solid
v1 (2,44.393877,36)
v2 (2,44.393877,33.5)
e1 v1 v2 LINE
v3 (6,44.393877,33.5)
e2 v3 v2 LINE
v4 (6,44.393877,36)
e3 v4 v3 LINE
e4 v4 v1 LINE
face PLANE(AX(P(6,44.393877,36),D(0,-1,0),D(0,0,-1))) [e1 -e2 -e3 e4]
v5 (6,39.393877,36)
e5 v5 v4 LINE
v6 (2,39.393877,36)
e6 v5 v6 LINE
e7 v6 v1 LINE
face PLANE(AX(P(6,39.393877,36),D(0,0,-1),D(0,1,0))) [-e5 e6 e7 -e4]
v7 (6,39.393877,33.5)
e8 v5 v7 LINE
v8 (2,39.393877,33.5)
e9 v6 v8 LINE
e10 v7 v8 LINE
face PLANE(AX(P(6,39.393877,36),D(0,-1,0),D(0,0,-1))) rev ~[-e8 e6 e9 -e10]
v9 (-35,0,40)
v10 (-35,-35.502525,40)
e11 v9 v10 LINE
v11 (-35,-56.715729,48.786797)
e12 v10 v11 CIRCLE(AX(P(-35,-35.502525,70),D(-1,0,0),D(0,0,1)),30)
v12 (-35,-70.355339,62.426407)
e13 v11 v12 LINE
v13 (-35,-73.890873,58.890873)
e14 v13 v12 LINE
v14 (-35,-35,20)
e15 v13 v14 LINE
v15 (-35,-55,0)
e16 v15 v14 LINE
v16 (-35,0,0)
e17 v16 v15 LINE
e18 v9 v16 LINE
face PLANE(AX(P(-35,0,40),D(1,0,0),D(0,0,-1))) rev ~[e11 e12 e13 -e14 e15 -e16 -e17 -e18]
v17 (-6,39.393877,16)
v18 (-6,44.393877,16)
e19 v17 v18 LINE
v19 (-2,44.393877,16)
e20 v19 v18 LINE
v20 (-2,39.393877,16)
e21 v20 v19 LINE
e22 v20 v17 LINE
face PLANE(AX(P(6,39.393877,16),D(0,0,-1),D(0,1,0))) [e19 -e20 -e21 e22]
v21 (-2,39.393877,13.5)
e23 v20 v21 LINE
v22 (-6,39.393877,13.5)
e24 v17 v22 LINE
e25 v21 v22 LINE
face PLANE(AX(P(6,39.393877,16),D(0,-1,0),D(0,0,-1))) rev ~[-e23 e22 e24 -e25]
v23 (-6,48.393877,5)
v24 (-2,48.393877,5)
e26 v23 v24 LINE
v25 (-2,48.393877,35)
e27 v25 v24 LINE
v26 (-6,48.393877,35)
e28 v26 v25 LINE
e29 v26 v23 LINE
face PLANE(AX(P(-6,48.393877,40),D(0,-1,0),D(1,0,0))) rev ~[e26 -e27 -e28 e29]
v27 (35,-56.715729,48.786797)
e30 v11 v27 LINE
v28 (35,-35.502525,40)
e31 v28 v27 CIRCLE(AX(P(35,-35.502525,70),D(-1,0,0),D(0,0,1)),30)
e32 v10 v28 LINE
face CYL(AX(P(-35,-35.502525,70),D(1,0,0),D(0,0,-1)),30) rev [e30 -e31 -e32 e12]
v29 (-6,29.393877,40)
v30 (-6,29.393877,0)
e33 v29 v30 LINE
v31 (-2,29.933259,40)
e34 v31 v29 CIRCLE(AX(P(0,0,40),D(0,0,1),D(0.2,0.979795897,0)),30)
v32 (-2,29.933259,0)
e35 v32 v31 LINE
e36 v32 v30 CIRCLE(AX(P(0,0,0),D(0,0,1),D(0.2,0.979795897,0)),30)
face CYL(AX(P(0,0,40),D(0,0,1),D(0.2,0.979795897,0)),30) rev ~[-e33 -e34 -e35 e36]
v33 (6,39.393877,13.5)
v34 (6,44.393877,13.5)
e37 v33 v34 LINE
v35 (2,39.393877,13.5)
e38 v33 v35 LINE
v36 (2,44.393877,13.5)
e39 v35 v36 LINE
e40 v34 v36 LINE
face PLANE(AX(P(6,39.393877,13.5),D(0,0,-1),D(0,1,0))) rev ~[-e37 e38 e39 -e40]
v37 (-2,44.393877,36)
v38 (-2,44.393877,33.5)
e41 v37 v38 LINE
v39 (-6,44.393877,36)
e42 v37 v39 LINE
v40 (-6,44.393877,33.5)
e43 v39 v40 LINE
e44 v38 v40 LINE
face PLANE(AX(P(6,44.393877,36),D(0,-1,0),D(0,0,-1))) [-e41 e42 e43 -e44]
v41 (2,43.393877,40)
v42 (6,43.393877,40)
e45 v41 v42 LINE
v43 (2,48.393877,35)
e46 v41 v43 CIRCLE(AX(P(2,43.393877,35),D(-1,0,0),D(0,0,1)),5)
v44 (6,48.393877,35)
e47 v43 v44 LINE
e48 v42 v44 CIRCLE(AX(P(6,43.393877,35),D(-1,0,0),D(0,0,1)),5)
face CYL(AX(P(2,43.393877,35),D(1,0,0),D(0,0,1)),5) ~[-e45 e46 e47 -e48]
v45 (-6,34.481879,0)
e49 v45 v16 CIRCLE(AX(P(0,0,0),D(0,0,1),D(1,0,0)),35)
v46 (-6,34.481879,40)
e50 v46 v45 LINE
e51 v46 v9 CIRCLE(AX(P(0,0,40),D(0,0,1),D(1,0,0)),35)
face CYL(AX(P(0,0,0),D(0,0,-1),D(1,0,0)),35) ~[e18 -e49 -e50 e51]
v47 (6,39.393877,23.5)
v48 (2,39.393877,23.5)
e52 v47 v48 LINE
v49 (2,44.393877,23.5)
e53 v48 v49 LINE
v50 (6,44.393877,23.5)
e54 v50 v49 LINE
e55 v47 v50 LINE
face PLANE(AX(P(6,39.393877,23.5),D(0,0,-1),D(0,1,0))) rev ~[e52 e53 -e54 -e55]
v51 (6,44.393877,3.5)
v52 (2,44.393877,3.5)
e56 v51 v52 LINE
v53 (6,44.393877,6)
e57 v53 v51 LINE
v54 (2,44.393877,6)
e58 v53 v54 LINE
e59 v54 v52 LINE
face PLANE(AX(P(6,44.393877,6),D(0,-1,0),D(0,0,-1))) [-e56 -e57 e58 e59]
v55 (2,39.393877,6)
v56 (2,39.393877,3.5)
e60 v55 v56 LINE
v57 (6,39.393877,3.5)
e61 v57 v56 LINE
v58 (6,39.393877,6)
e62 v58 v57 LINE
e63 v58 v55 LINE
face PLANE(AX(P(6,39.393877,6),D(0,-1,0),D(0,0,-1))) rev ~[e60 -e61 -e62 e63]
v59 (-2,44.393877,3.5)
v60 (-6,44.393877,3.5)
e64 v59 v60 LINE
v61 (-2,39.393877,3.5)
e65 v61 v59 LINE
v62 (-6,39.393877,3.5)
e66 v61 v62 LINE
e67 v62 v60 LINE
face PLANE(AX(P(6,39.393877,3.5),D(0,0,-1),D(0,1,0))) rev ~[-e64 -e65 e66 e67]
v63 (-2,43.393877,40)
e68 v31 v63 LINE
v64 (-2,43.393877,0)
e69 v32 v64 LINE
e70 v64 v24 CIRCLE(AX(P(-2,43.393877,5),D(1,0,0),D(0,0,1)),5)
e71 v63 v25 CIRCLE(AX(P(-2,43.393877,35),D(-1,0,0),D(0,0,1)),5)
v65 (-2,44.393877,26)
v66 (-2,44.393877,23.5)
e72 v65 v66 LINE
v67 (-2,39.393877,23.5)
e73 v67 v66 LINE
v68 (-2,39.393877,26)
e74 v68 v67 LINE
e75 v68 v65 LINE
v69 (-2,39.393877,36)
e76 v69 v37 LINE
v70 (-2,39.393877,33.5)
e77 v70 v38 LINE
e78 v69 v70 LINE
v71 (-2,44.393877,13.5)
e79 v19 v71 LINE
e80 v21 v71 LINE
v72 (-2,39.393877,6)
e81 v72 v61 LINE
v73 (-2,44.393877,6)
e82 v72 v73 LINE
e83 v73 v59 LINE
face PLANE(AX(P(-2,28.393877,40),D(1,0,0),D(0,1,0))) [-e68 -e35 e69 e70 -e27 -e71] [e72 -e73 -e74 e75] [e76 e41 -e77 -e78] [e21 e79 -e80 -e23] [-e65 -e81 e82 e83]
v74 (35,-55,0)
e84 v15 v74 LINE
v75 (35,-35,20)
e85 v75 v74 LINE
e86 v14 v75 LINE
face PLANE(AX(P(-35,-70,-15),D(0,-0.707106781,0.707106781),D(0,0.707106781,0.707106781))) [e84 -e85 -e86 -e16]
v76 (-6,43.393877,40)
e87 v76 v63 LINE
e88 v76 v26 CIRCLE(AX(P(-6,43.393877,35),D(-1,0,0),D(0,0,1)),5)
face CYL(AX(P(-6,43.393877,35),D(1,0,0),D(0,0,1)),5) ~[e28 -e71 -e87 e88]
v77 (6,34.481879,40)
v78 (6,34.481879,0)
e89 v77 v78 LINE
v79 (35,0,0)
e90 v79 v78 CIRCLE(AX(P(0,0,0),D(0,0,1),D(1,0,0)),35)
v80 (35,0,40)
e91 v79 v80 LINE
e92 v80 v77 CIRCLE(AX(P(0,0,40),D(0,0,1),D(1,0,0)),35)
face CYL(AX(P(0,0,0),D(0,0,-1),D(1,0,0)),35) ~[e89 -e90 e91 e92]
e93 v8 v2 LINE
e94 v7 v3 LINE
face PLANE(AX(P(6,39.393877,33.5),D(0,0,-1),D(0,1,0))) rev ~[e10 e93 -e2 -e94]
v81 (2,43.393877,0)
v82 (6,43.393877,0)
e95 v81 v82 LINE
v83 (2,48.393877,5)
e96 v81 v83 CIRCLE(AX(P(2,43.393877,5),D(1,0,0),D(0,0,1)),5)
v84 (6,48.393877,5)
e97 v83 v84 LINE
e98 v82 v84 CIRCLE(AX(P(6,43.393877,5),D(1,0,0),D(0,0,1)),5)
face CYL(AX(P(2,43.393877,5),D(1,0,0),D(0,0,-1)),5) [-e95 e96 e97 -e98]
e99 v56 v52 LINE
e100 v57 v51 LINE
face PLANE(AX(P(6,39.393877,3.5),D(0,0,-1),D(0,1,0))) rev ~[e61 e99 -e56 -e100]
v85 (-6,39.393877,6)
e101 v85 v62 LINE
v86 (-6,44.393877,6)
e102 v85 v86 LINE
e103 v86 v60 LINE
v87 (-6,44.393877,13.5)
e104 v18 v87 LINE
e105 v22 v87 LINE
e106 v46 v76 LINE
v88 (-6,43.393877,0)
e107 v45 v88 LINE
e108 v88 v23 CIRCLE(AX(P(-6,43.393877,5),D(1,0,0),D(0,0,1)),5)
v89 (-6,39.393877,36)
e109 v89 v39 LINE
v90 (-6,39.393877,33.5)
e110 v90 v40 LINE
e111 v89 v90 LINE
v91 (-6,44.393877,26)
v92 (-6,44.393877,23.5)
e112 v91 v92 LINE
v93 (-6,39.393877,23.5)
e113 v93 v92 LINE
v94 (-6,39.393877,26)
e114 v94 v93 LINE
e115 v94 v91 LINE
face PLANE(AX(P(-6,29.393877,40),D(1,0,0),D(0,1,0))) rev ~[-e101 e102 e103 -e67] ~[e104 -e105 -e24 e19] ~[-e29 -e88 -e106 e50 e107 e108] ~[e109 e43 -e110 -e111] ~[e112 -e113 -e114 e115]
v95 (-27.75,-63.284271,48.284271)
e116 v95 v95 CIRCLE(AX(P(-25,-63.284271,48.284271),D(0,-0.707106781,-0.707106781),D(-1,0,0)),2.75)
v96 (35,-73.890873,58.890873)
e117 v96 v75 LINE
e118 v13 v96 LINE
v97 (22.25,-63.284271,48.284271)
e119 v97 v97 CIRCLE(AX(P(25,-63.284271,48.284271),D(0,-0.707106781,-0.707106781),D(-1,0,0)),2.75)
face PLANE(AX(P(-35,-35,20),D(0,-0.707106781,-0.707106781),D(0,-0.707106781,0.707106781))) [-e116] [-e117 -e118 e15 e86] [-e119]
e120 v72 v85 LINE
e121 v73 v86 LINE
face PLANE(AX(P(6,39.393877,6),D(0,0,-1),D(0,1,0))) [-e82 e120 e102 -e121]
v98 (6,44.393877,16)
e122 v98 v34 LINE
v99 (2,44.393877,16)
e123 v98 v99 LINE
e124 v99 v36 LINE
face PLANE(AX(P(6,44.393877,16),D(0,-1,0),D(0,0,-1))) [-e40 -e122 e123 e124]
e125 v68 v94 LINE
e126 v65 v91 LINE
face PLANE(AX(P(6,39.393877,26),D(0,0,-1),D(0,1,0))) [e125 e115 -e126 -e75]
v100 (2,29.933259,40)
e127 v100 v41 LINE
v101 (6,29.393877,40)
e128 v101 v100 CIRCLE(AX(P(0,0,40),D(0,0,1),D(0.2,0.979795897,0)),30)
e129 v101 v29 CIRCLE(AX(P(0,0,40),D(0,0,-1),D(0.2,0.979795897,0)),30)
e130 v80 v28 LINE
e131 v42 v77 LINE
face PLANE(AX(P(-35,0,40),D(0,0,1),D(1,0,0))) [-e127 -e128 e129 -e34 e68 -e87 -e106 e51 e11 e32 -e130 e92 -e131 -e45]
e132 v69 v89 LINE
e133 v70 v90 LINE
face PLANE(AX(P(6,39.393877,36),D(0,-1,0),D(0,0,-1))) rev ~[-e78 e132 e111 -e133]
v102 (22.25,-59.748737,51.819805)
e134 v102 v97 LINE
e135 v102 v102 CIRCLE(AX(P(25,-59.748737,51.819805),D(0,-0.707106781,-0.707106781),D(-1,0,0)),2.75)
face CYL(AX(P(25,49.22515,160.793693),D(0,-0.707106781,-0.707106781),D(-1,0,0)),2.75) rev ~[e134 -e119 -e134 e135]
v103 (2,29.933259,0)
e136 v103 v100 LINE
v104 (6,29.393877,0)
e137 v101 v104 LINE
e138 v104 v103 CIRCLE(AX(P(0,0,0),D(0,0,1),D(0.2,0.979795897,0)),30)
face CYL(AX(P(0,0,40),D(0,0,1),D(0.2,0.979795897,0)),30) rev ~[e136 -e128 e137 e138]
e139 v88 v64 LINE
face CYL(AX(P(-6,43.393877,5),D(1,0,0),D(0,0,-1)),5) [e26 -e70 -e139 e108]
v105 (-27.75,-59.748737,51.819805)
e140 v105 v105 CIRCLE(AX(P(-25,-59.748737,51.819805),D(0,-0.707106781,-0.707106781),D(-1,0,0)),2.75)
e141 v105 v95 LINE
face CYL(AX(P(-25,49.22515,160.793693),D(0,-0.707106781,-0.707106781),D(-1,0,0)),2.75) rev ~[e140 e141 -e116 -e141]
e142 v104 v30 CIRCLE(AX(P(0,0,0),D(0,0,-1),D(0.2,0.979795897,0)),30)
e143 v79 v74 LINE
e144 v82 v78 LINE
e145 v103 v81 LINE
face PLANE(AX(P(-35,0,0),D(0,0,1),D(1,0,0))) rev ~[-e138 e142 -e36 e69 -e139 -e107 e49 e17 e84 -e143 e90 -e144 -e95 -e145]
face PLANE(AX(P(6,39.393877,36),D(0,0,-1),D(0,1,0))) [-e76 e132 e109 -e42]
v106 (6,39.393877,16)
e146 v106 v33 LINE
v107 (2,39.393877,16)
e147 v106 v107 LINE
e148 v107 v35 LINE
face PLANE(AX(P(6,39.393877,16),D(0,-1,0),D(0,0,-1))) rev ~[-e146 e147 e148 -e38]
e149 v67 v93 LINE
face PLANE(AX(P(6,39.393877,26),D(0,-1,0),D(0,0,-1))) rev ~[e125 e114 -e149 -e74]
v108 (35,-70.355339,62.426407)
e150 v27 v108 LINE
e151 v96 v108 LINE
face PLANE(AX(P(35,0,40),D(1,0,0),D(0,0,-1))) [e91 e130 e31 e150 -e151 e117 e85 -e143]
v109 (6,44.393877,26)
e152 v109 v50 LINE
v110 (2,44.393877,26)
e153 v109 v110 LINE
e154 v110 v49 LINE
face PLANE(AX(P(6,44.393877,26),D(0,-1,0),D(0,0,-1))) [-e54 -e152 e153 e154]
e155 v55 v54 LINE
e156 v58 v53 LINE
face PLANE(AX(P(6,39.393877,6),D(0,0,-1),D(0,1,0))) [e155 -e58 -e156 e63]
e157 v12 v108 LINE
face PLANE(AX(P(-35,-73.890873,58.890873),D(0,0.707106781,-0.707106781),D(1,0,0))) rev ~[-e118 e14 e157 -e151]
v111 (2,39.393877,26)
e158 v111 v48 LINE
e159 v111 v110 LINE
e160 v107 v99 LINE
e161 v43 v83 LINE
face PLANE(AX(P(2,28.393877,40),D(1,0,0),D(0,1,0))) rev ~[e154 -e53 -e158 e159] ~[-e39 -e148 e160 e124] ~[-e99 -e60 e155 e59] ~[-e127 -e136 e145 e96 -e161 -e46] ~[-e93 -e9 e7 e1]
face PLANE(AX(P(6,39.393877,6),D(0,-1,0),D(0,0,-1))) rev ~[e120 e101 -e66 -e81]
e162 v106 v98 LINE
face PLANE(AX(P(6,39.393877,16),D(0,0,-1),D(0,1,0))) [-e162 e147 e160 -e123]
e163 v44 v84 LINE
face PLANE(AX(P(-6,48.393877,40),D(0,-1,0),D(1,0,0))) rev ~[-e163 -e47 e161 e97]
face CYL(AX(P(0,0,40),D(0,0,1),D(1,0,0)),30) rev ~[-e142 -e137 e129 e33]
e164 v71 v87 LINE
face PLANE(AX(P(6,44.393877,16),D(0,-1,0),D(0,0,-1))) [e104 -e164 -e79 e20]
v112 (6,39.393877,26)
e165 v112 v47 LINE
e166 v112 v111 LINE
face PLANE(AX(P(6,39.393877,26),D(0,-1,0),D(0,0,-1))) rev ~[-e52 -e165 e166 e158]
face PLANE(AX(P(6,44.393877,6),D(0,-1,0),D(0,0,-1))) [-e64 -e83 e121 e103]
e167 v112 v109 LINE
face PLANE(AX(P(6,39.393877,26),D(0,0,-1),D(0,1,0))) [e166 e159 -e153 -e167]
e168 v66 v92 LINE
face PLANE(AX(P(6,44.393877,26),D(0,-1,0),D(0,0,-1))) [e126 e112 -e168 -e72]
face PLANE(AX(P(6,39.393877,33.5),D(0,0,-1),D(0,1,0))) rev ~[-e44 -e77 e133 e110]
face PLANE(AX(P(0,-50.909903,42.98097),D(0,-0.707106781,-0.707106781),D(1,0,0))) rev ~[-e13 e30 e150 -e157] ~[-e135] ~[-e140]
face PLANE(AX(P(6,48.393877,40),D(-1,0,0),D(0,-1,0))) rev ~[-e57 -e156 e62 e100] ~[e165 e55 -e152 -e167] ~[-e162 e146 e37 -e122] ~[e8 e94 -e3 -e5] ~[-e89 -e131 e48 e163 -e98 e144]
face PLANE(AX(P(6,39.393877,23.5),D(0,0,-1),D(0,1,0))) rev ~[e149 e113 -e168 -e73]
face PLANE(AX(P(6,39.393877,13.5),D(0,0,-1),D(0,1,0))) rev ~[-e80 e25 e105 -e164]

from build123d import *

# Parameters (mm, degrees)
ESQUISSE1_R                = 35
BOSS_EXTRU_1_DEPTH         = 40
ESQUISSE6_W                = 70
ESQUISSE6_H                = 40
BOSS_EXTRU_3_DEPTH         = 70
ESQUISSE2_R                = 30
ENL_V_MAT_EXTRU_1_DEPTH    = 40
BOSS_EXTRU_2_START         = 40
BOSS_EXTRU_2_DEPTH         = 40
ESQUISSE4_W                = 4
ESQUISSE4_H                = 20
ENL_V_MAT_EXTRU_2_DEPTH    = 40
ESQUISSE5_W                = 2.5
ESQUISSE5_H                = 5
ENL_V_MAT_EXTRU_3_DEPTH    = 91.44888059
R_P_TITION_LIN_AIRE1_COUNT = 4
R_P_TITION_LIN_AIRE1_PITCH = 10
ENL_V_MAT_EXTRU_4_DEPTH    = 107.77078252
ESQUISSE8_W                = 70
ESQUISSE8_H                = 55
BOSS_EXTRU_4_DEPTH         = 5
D_GAGEMENT_M51_D           = 5.5
CONG_1_R                   = 30
CONG_2_R                   = 5


with BuildPart() as part:
    # Esquisse1 → Boss.-Extru.1 (new body)
    with BuildSketch(Plane.XY):
        Circle(ESQUISSE1_R)
    extrude(amount=BOSS_EXTRU_1_DEPTH)

    # Esquisse6 → Boss.-Extru.3 (add)
    with BuildSketch(Plane(origin=(0, 0, 0), x_dir=(1, 0, 0), z_dir=(0, 1, 0))):
        with Locations((0, -20)):
            Rectangle(ESQUISSE6_W, ESQUISSE6_H)
    extrude(amount=-BOSS_EXTRU_3_DEPTH)

    # Esquisse2 → Enlèv. mat.-Extru.1 (cut)
    with BuildSketch(Plane.XY.offset(40)):
        Circle(ESQUISSE2_R)
    extrude(amount=-ENL_V_MAT_EXTRU_1_DEPTH, mode=Mode.SUBTRACT)

    # Esquisse3 → Boss.-Extru.2 (add)
    with BuildSketch(Plane.XY.offset(BOSS_EXTRU_2_START)):
        with BuildLine():
            Line((-6, 29.393876913), (-6, 48.393876913))
            Line((-6, 48.393876913), (6, 48.393876913))
            Line((6, 48.393876913), (6, 29.393876913))
            ThreePointArc((6, 29.393876913), (0, 30), (-6, 29.393876913))
        make_face()
    extrude(amount=-BOSS_EXTRU_2_DEPTH)

    # Esquisse4 → Enlèv. mat.-Extru.2 (cut)
    with BuildSketch(Plane.XY.offset(40)):
        with Locations((0, 38.393876913)):
            Rectangle(ESQUISSE4_W, ESQUISSE4_H)
    extrude(amount=-ENL_V_MAT_EXTRU_2_DEPTH, mode=Mode.SUBTRACT)

    # Esquisse5 → Enlèv. mat.-Extru.3 (cut, through all)
    with BuildSketch(Plane(origin=(6, 0, 0), x_dir=(0, 0, -1), z_dir=(1, 0, 0))):
        with Locations((-34.75, 41.893876913)):
            Rectangle(ESQUISSE5_W, ESQUISSE5_H)
    enl_v_mat_extru_3 = extrude(amount=-ENL_V_MAT_EXTRU_3_DEPTH, mode=Mode.SUBTRACT)

    # Répétition linéaire1: Enlèv. mat.-Extru.3 ×4
    with Locations(*[(0, 0, -i * R_P_TITION_LIN_AIRE1_PITCH) for i in range(1, R_P_TITION_LIN_AIRE1_COUNT)]):
        add(enl_v_mat_extru_3, mode=Mode.SUBTRACT)

    # Esquisse7 → Enlèv. mat.-Extru.4 (cut, through all)
    with BuildSketch(Plane.ZY.offset(35)):
        Polygon((-15, -70), (20, -35), (55, -70), align=None)
    extrude(amount=-ENL_V_MAT_EXTRU_4_DEPTH, mode=Mode.SUBTRACT)

    # Esquisse8 → Boss.-Extru.4 (add)
    with BuildSketch(Plane(origin=(0, -7.5, -7.5), x_dir=(1, 0, 0), z_dir=(0, -0.7071067811865515, -0.7071067811865436))):
        with Locations((0, 66.390872965)):
            Rectangle(ESQUISSE8_W, ESQUISSE8_H)
    extrude(amount=-BOSS_EXTRU_4_DEPTH)

    # Dégagement M51 (through all)
    with Locations(Plane(origin=(0, -3.964466094, -3.964466094), x_dir=(1, 0, 0), z_dir=(0, 0.7071067811865517, 0.7071067811865435))):
        with Locations((-25, -78.890872965), (25, -78.890872965)):
            Hole(D_GAGEMENT_M51_D / 2)

    # Congé1
    cong_1_edges = [part.edges().sort_by_distance(p)[0] for p in [
        (0, -47.928932188, 40),
    ]]
    fillet(cong_1_edges, radius=CONG_1_R)

    # Congé2
    cong_2_edges = [part.edges().sort_by_distance(p)[0] for p in [
        (4, 48.393876913, 40),
        (4, 48.393876913, 0),
        (-4, 48.393876913, 0),
        (-4, 48.393876913, 40),
    ]]
    fillet(cong_2_edges, radius=CONG_2_R)


solid = part.part
